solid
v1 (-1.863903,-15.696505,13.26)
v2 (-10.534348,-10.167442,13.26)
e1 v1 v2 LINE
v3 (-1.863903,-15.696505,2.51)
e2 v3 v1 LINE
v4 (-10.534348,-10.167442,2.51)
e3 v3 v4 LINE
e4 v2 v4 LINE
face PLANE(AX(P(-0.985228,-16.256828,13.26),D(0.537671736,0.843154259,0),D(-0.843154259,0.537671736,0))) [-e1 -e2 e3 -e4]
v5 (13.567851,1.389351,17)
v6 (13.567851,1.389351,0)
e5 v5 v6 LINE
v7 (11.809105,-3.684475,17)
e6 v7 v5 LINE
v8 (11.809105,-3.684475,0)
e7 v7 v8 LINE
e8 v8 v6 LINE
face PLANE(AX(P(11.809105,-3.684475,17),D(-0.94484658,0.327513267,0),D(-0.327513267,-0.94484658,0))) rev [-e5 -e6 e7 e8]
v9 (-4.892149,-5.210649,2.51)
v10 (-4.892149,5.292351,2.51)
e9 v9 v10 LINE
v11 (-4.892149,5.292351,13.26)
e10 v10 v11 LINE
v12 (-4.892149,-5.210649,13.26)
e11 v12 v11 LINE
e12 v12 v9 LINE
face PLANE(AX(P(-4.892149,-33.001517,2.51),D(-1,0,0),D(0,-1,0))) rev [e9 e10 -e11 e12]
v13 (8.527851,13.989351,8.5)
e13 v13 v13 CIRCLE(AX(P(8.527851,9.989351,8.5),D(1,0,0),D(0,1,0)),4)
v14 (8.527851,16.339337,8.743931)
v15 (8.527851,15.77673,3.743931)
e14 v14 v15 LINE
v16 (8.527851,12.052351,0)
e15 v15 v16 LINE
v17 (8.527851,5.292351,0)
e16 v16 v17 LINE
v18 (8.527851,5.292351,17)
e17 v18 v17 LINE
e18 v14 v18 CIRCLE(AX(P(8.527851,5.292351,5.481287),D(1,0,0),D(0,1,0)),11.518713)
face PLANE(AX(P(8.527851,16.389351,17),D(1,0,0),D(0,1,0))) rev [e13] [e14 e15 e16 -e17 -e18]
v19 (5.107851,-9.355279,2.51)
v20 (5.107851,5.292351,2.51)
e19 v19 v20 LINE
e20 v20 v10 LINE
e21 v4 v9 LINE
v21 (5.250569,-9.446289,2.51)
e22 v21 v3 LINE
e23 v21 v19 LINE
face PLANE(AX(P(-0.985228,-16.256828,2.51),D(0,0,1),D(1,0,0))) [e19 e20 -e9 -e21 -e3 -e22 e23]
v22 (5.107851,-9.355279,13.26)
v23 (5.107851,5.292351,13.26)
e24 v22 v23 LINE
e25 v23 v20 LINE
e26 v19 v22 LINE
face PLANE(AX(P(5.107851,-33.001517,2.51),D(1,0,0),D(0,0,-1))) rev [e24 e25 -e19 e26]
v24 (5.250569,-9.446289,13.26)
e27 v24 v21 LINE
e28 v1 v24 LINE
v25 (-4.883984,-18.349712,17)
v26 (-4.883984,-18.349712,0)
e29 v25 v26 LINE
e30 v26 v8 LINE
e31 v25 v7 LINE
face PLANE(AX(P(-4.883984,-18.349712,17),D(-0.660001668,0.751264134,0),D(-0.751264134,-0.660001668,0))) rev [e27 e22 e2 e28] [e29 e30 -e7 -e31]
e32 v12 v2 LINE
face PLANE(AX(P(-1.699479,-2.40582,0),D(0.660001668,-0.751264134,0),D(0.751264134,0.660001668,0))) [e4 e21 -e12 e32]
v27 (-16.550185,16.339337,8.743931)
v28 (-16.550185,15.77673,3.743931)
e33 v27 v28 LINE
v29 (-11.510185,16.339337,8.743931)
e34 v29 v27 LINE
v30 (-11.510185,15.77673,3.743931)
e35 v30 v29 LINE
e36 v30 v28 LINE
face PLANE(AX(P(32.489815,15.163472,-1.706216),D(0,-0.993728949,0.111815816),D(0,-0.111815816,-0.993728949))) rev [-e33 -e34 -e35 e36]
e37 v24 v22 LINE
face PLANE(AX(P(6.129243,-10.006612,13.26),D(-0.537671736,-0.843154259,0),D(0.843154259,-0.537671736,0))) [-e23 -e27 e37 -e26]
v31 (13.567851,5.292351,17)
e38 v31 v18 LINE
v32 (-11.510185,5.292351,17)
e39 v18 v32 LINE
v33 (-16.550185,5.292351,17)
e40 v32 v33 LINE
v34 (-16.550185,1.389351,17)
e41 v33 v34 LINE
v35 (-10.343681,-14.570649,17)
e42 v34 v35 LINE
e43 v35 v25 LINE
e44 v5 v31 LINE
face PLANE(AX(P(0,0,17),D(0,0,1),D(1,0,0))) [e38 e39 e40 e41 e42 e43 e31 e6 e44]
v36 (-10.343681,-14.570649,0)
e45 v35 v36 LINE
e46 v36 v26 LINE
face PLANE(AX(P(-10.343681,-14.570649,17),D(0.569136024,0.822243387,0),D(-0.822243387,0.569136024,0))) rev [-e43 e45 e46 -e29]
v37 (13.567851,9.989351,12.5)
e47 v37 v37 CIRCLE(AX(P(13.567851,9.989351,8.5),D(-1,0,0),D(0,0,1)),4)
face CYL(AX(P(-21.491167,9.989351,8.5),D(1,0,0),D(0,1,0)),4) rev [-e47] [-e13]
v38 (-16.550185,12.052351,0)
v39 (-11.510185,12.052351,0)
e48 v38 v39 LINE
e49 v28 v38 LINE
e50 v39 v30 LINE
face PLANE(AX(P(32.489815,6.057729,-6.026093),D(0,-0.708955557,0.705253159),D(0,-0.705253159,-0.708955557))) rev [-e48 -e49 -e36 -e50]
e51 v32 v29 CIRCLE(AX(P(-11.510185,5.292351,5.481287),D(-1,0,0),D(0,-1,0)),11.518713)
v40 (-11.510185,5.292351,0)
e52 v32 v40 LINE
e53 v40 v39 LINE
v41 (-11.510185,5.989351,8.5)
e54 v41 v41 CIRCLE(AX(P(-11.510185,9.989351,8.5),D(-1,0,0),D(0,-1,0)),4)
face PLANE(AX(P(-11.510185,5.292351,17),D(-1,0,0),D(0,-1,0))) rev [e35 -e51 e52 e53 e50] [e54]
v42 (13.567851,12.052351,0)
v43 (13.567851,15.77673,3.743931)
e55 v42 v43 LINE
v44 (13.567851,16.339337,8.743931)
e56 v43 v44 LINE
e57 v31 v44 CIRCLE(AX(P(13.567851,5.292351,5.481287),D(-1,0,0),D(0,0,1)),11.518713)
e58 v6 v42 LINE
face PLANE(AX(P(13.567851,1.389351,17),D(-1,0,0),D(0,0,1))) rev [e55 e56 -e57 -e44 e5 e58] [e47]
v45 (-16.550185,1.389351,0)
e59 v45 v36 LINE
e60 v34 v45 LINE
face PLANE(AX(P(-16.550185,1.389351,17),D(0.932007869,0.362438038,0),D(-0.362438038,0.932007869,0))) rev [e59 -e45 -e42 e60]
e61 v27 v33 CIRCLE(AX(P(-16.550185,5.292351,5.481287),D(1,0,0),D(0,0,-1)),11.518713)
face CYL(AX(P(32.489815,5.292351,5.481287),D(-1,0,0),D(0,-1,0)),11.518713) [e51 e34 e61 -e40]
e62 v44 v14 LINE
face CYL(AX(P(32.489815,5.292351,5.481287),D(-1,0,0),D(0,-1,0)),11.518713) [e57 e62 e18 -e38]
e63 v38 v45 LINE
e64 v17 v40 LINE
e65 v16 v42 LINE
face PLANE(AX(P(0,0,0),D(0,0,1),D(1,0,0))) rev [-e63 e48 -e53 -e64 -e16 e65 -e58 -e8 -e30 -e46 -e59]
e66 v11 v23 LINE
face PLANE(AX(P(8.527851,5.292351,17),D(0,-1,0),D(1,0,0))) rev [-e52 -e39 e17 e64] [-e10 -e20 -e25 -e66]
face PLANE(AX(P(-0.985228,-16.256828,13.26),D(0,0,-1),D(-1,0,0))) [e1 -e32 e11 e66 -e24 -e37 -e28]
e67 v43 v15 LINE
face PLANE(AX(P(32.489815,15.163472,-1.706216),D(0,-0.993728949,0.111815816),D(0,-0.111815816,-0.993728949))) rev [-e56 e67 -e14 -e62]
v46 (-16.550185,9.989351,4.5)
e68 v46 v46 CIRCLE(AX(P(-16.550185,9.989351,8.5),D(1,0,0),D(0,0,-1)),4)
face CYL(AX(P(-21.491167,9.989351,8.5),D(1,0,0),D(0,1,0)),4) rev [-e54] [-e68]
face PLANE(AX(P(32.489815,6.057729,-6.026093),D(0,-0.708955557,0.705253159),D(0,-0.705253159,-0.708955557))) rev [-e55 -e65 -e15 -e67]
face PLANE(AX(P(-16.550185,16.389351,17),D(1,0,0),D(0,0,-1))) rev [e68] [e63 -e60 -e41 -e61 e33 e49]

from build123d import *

# Parameters (mm, degrees)
BOSS_EXTRUDE1_DEPTH     = 17
CUT_EXTRUDE1_DEPTH      = 44
CUT_EXTRUDE1_DEPTH_BACK = 15
SKETCH3_W               = 9.47
SKETCH3_H               = 10.75
CUT_EXTRUDE2_REACH      = 25.642
SKETCH5_W               = 10
SKETCH5_H               = 10.75
SKETCH6_R               = 4
CUT_EXTRUDE3_DEPTH      = 20


with BuildPart() as part:
    # Sketch1 → Boss-Extrude1 (new body)
    with BuildSketch(Plane.XY):
        Polygon((-16.550185094, 16.389351475), (-16.550185094, 1.389351475), (-10.343680533, -14.570648525), (-4.883984447, -18.349711721), (11.8091046, -3.684474659), (13.567850846, 1.389351475), (13.567850846, 16.389351475), (8.527850846, 16.389351475), (8.527850846, 5.292351475), (-11.510185094, 5.292351475), (-11.510185094, 16.389351475), align=None)
    extrude(amount=BOSS_EXTRUDE1_DEPTH)

    # Sketch2 → Cut-Extrude1 (cut, two sides)
    with BuildSketch(Plane(origin=(-11.510185094, 0, 0), x_dir=(0, 0, -1), z_dir=(1, 0, 0))) as cut_extrude1_sk:
        with BuildLine():
            Line((-17, 16.389351475), (-17, 5.292351475))
            ThreePointArc((-17, 5.292351475), (-14.707938783, 12.187976499), (-8.743930787, 16.339337446))
            Line((-8.743930787, 16.339337446), (-3.743930787, 15.776730228))
            Line((-3.743930787, 15.776730228), (0, 12.052351475))
            Line((0, 12.052351475), (0, 16.389351475))
            Line((0, 16.389351475), (-17, 16.389351475))
        make_face()
    extrude(amount=CUT_EXTRUDE1_DEPTH, mode=Mode.SUBTRACT)
    extrude(cut_extrude1_sk.sketch, amount=-CUT_EXTRUDE1_DEPTH_BACK, mode=Mode.SUBTRACT)

    # Cut-Sweep1: sweep along a path in Sketch4
    with BuildLine(Plane(origin=(0, 0, 10), x_dir=(-1, 0, 0), z_dir=(0, 0, -1))) as cut_sweep1_path:
        Line((0.820338721, -14.779711721), (9.490783662, -9.250648525))
    # Sketch3 → Cut-Sweep1 (sweep, cut)
    with BuildSketch(Plane(origin=(6.970965598, -7.934883628, 0), x_dir=(0.751264134, 0.660001668, 0), z_dir=(0.660001668, -0.751264134, 0))):
        with Locations((-7.025002686, 7.885)):
            Rectangle(SKETCH3_W, SKETCH3_H)
    sweep(path=cut_sweep1_path.line, mode=Mode.SUBTRACT)

    # Cut-Extrude2: up to this face of the body (flat: up to its plane)
    cut_extrude2_end = Plane(part.part.faces().sort_by_distance((-6.1991251, -12.931973418, 7.885))[0])
    # Sketch5 → Cut-Extrude2 (cut, up to the picked face)
    with BuildSketch(Plane(origin=(0, 5.292351475, 0), x_dir=(1, 0, 0), z_dir=(0, 1, 0)), mode=Mode.PRIVATE) as cut_extrude2_sk1:
        with Locations((0.107850846, -7.885)):
            Rectangle(SKETCH5_W, SKETCH5_H)
    cut_extrude2_tool1 = split(extrude(cut_extrude2_sk1.sketch, amount=-CUT_EXTRUDE2_REACH, mode=Mode.PRIVATE), bisect_by=cut_extrude2_end, keep=Keep.BOTH, mode=Mode.PRIVATE)
    add(cut_extrude2_tool1.solids().sort_by_distance((0.107851, 5.292351, 7.885))[0], mode=Mode.SUBTRACT)

    # Sketch6 → Cut-Extrude3 (cut, symmetric)
    with BuildSketch(Plane(origin=(-1.491167124, 0, 0), x_dir=(0, 0, -1), z_dir=(1, 0, 0))):
        with Locations((-8.5, 9.989351475)):
            Circle(SKETCH6_R)
    extrude(amount=CUT_EXTRUDE3_DEPTH, both=True, mode=Mode.SUBTRACT)


solid = part.part
